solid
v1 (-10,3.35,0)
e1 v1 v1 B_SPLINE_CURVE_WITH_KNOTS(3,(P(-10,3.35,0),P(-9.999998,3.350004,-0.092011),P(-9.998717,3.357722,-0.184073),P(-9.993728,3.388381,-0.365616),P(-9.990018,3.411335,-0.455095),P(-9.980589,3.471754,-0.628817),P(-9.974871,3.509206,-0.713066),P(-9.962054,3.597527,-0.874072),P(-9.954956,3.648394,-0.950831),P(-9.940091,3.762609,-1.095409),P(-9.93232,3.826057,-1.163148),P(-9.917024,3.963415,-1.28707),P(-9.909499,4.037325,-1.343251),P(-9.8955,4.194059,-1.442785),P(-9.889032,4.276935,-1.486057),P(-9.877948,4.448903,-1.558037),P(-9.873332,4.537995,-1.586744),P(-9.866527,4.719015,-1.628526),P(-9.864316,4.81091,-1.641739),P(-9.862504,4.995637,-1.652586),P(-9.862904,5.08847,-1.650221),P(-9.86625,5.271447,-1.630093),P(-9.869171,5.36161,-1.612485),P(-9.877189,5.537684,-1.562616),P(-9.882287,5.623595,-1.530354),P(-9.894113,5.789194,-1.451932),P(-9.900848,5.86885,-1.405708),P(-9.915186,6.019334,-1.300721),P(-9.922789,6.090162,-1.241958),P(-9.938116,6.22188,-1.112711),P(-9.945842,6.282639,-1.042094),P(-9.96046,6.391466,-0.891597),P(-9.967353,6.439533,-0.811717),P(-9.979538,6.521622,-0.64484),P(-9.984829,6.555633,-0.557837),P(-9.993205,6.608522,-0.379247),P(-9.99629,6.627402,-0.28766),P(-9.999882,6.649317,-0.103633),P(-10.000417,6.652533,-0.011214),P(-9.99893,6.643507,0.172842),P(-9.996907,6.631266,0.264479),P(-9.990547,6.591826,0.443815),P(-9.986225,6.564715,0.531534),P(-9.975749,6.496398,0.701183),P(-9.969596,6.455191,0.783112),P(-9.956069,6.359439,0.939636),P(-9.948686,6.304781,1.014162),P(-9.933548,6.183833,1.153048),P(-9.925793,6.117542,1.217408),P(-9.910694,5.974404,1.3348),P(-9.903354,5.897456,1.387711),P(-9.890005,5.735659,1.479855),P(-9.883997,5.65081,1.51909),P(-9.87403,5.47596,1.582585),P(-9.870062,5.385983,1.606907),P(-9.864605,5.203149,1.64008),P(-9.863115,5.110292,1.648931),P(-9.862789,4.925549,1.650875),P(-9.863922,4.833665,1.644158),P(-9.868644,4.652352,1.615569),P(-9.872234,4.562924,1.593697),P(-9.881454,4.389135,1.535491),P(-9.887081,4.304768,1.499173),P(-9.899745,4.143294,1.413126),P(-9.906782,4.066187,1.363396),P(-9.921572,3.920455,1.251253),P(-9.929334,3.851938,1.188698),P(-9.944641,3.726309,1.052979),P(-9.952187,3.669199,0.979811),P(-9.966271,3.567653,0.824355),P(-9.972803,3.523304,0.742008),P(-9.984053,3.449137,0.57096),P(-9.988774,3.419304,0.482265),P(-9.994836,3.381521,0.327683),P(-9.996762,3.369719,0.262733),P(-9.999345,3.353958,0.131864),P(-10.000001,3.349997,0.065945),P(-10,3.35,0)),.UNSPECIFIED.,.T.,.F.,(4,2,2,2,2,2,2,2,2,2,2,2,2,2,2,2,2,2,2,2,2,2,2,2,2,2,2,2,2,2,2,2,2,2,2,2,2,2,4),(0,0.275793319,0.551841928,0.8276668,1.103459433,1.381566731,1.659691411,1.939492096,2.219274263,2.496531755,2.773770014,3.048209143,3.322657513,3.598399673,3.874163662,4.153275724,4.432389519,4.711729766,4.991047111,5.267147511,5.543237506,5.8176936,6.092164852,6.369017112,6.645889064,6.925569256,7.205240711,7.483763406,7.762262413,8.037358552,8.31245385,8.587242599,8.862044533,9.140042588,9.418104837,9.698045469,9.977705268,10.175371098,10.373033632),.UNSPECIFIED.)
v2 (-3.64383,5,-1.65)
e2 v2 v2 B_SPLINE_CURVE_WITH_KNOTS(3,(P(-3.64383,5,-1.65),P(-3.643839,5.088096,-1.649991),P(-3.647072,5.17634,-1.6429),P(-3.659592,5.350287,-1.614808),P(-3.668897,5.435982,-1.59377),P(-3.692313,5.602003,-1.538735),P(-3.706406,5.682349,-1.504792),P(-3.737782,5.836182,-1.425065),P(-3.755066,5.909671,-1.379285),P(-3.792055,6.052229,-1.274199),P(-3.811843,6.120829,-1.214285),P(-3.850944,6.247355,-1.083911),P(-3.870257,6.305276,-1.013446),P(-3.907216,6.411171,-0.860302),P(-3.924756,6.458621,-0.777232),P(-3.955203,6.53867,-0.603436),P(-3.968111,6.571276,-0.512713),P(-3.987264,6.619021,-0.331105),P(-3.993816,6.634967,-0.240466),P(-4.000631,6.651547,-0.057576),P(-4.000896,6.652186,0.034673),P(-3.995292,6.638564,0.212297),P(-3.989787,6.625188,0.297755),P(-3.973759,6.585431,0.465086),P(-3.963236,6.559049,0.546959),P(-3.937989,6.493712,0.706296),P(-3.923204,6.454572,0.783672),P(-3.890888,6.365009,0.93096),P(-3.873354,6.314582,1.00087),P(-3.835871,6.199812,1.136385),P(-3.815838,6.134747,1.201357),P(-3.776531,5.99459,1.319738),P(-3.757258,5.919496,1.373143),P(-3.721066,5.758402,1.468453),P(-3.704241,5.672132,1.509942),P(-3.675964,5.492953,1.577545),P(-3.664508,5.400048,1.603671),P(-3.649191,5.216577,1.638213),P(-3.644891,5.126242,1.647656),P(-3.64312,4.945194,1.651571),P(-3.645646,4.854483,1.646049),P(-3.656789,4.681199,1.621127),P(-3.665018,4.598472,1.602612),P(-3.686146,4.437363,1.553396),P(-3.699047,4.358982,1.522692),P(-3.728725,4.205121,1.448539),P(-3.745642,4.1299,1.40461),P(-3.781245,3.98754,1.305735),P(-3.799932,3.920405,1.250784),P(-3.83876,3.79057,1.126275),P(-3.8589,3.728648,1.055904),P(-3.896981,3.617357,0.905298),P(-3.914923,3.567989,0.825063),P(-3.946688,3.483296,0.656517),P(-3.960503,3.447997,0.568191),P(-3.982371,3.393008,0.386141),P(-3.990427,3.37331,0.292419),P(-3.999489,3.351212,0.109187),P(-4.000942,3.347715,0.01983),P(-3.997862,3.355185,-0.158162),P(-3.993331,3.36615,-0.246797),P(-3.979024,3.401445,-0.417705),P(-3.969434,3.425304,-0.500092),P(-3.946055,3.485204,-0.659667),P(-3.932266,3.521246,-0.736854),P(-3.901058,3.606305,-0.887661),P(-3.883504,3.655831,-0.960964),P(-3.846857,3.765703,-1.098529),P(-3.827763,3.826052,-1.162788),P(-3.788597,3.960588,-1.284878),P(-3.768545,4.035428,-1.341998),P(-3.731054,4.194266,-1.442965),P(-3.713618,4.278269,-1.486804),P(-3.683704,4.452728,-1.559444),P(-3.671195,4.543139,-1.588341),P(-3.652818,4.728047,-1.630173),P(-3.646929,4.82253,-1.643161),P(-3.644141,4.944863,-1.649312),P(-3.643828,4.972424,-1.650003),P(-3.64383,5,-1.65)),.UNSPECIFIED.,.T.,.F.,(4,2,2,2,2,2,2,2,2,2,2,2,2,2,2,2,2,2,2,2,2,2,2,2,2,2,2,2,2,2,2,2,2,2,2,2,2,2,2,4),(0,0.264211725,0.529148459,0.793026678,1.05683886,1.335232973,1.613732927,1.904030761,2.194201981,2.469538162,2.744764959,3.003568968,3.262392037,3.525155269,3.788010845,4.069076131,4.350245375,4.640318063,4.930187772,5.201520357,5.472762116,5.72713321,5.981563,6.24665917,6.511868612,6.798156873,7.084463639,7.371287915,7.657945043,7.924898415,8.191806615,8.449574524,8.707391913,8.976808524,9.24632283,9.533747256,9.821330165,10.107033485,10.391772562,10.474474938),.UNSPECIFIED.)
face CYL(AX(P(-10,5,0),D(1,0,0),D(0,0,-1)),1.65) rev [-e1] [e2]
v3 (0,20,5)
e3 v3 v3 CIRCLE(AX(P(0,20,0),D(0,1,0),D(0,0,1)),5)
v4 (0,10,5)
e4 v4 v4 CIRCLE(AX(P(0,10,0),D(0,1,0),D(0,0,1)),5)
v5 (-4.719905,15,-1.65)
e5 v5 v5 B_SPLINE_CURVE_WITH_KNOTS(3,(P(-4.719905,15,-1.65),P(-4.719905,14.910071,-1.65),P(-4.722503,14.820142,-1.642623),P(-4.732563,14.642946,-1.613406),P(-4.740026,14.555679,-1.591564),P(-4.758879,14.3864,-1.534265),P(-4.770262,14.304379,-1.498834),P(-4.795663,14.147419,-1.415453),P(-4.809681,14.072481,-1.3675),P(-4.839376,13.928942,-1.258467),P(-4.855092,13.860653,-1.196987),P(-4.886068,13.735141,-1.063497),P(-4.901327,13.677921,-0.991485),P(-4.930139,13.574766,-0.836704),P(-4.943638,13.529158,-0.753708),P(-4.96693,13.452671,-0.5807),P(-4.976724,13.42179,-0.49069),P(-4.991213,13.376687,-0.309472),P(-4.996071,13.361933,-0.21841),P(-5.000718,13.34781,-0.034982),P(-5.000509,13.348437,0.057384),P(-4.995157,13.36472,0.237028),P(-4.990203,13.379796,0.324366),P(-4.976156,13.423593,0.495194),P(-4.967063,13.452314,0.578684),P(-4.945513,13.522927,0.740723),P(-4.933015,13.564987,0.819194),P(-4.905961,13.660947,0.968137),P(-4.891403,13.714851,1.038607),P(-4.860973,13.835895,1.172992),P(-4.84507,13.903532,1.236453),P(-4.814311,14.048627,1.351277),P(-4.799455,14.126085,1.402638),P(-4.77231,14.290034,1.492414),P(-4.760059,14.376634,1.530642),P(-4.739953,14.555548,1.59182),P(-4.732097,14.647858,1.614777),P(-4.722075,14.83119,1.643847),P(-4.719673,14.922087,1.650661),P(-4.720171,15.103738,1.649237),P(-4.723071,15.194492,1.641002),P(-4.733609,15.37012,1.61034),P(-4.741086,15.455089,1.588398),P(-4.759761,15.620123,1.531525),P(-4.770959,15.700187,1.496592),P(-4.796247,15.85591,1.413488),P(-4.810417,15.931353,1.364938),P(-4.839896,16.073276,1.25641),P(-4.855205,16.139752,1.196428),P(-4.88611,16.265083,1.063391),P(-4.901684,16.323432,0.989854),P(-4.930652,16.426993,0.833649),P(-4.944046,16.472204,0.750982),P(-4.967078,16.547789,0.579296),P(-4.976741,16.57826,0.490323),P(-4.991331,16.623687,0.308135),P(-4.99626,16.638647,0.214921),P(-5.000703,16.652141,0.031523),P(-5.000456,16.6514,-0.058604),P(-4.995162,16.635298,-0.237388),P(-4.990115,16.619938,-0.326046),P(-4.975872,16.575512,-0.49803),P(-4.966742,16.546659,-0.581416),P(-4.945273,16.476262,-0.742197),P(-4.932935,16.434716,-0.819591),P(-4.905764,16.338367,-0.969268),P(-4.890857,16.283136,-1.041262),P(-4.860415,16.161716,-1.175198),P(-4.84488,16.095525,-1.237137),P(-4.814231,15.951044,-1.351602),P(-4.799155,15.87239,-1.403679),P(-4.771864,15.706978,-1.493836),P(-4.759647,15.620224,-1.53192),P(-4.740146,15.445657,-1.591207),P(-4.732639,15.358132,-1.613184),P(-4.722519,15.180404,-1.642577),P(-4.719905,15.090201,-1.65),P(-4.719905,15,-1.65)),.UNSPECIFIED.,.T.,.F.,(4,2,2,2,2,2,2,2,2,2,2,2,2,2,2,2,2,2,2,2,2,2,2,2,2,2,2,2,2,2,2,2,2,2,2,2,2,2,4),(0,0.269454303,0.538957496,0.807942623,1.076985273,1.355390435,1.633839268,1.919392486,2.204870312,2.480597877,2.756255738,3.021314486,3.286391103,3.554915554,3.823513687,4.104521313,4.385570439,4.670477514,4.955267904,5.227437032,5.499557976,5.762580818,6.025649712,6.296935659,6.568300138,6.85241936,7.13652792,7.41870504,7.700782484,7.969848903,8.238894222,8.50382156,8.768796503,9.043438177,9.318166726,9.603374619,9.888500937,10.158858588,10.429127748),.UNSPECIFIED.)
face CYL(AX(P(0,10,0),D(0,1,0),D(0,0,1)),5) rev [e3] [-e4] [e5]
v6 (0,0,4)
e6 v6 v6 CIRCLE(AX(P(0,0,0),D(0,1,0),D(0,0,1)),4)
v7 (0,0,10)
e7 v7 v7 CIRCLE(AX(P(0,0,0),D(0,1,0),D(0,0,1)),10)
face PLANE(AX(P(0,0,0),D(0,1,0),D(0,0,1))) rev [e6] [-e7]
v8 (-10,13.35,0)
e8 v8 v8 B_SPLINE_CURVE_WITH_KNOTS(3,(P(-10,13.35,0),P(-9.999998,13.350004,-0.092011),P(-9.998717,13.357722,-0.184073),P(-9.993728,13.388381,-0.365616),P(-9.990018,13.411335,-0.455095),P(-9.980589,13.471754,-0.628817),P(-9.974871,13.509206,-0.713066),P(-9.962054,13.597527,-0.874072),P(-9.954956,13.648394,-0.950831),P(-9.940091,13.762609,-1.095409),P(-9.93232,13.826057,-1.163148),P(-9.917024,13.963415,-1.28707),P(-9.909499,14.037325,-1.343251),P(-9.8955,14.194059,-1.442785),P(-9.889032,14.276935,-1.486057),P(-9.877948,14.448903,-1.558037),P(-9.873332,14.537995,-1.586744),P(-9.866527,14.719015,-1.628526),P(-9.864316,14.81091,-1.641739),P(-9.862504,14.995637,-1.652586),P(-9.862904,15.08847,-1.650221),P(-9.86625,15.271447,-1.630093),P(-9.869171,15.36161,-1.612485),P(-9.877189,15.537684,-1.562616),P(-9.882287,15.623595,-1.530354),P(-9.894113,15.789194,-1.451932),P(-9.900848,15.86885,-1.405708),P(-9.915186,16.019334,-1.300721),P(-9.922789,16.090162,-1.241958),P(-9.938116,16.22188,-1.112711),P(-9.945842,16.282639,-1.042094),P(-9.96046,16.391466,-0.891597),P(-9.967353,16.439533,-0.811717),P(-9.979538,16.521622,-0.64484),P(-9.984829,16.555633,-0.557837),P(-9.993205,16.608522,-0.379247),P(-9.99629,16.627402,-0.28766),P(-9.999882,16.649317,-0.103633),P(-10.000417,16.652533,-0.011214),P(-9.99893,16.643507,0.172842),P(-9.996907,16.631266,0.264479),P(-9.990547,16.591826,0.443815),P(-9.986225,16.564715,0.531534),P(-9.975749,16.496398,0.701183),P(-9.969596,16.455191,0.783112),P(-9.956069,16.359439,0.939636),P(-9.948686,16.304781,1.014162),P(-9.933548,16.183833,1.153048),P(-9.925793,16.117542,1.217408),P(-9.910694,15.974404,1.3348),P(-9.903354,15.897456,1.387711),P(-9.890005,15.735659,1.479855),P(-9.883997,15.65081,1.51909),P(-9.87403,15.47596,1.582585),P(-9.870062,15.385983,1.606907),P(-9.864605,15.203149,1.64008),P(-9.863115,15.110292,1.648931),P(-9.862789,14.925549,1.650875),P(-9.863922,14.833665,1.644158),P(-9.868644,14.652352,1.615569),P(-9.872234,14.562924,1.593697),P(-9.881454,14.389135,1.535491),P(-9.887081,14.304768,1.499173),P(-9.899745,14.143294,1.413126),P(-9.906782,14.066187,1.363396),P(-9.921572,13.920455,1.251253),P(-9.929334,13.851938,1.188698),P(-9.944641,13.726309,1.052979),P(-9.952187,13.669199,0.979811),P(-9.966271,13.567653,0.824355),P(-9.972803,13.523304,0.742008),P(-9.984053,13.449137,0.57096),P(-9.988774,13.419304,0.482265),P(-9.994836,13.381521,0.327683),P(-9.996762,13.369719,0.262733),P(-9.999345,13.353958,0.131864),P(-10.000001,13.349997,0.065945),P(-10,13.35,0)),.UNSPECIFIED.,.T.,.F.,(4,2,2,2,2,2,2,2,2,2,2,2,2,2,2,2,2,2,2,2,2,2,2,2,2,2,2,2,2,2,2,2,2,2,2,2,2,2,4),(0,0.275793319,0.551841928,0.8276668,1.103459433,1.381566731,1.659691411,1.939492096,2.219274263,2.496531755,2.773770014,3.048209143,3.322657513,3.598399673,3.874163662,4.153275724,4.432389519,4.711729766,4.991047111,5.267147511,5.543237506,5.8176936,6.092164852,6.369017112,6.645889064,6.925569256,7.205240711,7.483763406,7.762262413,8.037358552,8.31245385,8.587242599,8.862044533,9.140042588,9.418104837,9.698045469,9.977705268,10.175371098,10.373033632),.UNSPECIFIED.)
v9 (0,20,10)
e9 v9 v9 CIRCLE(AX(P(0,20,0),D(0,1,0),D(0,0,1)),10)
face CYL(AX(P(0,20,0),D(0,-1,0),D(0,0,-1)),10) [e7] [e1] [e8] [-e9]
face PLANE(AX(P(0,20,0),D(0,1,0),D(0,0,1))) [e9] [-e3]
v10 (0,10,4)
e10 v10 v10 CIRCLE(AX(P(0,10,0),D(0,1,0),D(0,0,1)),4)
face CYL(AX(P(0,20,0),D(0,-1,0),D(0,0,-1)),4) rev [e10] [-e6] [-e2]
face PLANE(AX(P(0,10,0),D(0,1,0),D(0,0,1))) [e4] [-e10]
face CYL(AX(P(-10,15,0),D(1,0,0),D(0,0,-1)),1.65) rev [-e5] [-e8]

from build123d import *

# Parameters (mm, degrees)
SKETCH1_R           = 10
SKETCH1_R_2         = 4
BOSS_EXTRUDE1_DEPTH = 20
SKETCH2_R           = 5
CUT_EXTRUDE1_DEPTH  = 10
SKETCH3_R           = 1.65
CUT_EXTRUDE2_DEPTH  = 10


with BuildPart() as part:
    # Sketch1 → Boss-Extrude1 (new body)
    with BuildSketch(Plane(origin=(0, 0, 0), x_dir=(1, 0, 0), z_dir=(0, 1, 0))):
        with Locations(Location((0, 0, 0), (0, 0, 270))):
            Circle(SKETCH1_R)
        with Locations(Location((0, 0, 0), (0, 0, 270))):
            Circle(SKETCH1_R_2, mode=Mode.SUBTRACT)
    extrude(amount=BOSS_EXTRUDE1_DEPTH)

    # Sketch2 → Cut-Extrude1 (cut)
    with BuildSketch(Plane(origin=(0, 20, 0), x_dir=(1, 0, 0), z_dir=(0, 1, 0))):
        with Locations(Location((0, 0, 0), (0, 0, 270))):
            Circle(SKETCH2_R)
    extrude(amount=-CUT_EXTRUDE1_DEPTH, mode=Mode.SUBTRACT)

    # Sketch3 → Cut-Extrude2 (cut)
    with BuildSketch(Plane(origin=(0, 0, 0), x_dir=(0, 0, -1), z_dir=(1, 0, 0))):
        with Locations((0, 5)):
            Circle(SKETCH3_R)
        with Locations((0, 15)):
            Circle(SKETCH3_R)
    extrude(amount=-CUT_EXTRUDE2_DEPTH, mode=Mode.SUBTRACT)


solid = part.part
